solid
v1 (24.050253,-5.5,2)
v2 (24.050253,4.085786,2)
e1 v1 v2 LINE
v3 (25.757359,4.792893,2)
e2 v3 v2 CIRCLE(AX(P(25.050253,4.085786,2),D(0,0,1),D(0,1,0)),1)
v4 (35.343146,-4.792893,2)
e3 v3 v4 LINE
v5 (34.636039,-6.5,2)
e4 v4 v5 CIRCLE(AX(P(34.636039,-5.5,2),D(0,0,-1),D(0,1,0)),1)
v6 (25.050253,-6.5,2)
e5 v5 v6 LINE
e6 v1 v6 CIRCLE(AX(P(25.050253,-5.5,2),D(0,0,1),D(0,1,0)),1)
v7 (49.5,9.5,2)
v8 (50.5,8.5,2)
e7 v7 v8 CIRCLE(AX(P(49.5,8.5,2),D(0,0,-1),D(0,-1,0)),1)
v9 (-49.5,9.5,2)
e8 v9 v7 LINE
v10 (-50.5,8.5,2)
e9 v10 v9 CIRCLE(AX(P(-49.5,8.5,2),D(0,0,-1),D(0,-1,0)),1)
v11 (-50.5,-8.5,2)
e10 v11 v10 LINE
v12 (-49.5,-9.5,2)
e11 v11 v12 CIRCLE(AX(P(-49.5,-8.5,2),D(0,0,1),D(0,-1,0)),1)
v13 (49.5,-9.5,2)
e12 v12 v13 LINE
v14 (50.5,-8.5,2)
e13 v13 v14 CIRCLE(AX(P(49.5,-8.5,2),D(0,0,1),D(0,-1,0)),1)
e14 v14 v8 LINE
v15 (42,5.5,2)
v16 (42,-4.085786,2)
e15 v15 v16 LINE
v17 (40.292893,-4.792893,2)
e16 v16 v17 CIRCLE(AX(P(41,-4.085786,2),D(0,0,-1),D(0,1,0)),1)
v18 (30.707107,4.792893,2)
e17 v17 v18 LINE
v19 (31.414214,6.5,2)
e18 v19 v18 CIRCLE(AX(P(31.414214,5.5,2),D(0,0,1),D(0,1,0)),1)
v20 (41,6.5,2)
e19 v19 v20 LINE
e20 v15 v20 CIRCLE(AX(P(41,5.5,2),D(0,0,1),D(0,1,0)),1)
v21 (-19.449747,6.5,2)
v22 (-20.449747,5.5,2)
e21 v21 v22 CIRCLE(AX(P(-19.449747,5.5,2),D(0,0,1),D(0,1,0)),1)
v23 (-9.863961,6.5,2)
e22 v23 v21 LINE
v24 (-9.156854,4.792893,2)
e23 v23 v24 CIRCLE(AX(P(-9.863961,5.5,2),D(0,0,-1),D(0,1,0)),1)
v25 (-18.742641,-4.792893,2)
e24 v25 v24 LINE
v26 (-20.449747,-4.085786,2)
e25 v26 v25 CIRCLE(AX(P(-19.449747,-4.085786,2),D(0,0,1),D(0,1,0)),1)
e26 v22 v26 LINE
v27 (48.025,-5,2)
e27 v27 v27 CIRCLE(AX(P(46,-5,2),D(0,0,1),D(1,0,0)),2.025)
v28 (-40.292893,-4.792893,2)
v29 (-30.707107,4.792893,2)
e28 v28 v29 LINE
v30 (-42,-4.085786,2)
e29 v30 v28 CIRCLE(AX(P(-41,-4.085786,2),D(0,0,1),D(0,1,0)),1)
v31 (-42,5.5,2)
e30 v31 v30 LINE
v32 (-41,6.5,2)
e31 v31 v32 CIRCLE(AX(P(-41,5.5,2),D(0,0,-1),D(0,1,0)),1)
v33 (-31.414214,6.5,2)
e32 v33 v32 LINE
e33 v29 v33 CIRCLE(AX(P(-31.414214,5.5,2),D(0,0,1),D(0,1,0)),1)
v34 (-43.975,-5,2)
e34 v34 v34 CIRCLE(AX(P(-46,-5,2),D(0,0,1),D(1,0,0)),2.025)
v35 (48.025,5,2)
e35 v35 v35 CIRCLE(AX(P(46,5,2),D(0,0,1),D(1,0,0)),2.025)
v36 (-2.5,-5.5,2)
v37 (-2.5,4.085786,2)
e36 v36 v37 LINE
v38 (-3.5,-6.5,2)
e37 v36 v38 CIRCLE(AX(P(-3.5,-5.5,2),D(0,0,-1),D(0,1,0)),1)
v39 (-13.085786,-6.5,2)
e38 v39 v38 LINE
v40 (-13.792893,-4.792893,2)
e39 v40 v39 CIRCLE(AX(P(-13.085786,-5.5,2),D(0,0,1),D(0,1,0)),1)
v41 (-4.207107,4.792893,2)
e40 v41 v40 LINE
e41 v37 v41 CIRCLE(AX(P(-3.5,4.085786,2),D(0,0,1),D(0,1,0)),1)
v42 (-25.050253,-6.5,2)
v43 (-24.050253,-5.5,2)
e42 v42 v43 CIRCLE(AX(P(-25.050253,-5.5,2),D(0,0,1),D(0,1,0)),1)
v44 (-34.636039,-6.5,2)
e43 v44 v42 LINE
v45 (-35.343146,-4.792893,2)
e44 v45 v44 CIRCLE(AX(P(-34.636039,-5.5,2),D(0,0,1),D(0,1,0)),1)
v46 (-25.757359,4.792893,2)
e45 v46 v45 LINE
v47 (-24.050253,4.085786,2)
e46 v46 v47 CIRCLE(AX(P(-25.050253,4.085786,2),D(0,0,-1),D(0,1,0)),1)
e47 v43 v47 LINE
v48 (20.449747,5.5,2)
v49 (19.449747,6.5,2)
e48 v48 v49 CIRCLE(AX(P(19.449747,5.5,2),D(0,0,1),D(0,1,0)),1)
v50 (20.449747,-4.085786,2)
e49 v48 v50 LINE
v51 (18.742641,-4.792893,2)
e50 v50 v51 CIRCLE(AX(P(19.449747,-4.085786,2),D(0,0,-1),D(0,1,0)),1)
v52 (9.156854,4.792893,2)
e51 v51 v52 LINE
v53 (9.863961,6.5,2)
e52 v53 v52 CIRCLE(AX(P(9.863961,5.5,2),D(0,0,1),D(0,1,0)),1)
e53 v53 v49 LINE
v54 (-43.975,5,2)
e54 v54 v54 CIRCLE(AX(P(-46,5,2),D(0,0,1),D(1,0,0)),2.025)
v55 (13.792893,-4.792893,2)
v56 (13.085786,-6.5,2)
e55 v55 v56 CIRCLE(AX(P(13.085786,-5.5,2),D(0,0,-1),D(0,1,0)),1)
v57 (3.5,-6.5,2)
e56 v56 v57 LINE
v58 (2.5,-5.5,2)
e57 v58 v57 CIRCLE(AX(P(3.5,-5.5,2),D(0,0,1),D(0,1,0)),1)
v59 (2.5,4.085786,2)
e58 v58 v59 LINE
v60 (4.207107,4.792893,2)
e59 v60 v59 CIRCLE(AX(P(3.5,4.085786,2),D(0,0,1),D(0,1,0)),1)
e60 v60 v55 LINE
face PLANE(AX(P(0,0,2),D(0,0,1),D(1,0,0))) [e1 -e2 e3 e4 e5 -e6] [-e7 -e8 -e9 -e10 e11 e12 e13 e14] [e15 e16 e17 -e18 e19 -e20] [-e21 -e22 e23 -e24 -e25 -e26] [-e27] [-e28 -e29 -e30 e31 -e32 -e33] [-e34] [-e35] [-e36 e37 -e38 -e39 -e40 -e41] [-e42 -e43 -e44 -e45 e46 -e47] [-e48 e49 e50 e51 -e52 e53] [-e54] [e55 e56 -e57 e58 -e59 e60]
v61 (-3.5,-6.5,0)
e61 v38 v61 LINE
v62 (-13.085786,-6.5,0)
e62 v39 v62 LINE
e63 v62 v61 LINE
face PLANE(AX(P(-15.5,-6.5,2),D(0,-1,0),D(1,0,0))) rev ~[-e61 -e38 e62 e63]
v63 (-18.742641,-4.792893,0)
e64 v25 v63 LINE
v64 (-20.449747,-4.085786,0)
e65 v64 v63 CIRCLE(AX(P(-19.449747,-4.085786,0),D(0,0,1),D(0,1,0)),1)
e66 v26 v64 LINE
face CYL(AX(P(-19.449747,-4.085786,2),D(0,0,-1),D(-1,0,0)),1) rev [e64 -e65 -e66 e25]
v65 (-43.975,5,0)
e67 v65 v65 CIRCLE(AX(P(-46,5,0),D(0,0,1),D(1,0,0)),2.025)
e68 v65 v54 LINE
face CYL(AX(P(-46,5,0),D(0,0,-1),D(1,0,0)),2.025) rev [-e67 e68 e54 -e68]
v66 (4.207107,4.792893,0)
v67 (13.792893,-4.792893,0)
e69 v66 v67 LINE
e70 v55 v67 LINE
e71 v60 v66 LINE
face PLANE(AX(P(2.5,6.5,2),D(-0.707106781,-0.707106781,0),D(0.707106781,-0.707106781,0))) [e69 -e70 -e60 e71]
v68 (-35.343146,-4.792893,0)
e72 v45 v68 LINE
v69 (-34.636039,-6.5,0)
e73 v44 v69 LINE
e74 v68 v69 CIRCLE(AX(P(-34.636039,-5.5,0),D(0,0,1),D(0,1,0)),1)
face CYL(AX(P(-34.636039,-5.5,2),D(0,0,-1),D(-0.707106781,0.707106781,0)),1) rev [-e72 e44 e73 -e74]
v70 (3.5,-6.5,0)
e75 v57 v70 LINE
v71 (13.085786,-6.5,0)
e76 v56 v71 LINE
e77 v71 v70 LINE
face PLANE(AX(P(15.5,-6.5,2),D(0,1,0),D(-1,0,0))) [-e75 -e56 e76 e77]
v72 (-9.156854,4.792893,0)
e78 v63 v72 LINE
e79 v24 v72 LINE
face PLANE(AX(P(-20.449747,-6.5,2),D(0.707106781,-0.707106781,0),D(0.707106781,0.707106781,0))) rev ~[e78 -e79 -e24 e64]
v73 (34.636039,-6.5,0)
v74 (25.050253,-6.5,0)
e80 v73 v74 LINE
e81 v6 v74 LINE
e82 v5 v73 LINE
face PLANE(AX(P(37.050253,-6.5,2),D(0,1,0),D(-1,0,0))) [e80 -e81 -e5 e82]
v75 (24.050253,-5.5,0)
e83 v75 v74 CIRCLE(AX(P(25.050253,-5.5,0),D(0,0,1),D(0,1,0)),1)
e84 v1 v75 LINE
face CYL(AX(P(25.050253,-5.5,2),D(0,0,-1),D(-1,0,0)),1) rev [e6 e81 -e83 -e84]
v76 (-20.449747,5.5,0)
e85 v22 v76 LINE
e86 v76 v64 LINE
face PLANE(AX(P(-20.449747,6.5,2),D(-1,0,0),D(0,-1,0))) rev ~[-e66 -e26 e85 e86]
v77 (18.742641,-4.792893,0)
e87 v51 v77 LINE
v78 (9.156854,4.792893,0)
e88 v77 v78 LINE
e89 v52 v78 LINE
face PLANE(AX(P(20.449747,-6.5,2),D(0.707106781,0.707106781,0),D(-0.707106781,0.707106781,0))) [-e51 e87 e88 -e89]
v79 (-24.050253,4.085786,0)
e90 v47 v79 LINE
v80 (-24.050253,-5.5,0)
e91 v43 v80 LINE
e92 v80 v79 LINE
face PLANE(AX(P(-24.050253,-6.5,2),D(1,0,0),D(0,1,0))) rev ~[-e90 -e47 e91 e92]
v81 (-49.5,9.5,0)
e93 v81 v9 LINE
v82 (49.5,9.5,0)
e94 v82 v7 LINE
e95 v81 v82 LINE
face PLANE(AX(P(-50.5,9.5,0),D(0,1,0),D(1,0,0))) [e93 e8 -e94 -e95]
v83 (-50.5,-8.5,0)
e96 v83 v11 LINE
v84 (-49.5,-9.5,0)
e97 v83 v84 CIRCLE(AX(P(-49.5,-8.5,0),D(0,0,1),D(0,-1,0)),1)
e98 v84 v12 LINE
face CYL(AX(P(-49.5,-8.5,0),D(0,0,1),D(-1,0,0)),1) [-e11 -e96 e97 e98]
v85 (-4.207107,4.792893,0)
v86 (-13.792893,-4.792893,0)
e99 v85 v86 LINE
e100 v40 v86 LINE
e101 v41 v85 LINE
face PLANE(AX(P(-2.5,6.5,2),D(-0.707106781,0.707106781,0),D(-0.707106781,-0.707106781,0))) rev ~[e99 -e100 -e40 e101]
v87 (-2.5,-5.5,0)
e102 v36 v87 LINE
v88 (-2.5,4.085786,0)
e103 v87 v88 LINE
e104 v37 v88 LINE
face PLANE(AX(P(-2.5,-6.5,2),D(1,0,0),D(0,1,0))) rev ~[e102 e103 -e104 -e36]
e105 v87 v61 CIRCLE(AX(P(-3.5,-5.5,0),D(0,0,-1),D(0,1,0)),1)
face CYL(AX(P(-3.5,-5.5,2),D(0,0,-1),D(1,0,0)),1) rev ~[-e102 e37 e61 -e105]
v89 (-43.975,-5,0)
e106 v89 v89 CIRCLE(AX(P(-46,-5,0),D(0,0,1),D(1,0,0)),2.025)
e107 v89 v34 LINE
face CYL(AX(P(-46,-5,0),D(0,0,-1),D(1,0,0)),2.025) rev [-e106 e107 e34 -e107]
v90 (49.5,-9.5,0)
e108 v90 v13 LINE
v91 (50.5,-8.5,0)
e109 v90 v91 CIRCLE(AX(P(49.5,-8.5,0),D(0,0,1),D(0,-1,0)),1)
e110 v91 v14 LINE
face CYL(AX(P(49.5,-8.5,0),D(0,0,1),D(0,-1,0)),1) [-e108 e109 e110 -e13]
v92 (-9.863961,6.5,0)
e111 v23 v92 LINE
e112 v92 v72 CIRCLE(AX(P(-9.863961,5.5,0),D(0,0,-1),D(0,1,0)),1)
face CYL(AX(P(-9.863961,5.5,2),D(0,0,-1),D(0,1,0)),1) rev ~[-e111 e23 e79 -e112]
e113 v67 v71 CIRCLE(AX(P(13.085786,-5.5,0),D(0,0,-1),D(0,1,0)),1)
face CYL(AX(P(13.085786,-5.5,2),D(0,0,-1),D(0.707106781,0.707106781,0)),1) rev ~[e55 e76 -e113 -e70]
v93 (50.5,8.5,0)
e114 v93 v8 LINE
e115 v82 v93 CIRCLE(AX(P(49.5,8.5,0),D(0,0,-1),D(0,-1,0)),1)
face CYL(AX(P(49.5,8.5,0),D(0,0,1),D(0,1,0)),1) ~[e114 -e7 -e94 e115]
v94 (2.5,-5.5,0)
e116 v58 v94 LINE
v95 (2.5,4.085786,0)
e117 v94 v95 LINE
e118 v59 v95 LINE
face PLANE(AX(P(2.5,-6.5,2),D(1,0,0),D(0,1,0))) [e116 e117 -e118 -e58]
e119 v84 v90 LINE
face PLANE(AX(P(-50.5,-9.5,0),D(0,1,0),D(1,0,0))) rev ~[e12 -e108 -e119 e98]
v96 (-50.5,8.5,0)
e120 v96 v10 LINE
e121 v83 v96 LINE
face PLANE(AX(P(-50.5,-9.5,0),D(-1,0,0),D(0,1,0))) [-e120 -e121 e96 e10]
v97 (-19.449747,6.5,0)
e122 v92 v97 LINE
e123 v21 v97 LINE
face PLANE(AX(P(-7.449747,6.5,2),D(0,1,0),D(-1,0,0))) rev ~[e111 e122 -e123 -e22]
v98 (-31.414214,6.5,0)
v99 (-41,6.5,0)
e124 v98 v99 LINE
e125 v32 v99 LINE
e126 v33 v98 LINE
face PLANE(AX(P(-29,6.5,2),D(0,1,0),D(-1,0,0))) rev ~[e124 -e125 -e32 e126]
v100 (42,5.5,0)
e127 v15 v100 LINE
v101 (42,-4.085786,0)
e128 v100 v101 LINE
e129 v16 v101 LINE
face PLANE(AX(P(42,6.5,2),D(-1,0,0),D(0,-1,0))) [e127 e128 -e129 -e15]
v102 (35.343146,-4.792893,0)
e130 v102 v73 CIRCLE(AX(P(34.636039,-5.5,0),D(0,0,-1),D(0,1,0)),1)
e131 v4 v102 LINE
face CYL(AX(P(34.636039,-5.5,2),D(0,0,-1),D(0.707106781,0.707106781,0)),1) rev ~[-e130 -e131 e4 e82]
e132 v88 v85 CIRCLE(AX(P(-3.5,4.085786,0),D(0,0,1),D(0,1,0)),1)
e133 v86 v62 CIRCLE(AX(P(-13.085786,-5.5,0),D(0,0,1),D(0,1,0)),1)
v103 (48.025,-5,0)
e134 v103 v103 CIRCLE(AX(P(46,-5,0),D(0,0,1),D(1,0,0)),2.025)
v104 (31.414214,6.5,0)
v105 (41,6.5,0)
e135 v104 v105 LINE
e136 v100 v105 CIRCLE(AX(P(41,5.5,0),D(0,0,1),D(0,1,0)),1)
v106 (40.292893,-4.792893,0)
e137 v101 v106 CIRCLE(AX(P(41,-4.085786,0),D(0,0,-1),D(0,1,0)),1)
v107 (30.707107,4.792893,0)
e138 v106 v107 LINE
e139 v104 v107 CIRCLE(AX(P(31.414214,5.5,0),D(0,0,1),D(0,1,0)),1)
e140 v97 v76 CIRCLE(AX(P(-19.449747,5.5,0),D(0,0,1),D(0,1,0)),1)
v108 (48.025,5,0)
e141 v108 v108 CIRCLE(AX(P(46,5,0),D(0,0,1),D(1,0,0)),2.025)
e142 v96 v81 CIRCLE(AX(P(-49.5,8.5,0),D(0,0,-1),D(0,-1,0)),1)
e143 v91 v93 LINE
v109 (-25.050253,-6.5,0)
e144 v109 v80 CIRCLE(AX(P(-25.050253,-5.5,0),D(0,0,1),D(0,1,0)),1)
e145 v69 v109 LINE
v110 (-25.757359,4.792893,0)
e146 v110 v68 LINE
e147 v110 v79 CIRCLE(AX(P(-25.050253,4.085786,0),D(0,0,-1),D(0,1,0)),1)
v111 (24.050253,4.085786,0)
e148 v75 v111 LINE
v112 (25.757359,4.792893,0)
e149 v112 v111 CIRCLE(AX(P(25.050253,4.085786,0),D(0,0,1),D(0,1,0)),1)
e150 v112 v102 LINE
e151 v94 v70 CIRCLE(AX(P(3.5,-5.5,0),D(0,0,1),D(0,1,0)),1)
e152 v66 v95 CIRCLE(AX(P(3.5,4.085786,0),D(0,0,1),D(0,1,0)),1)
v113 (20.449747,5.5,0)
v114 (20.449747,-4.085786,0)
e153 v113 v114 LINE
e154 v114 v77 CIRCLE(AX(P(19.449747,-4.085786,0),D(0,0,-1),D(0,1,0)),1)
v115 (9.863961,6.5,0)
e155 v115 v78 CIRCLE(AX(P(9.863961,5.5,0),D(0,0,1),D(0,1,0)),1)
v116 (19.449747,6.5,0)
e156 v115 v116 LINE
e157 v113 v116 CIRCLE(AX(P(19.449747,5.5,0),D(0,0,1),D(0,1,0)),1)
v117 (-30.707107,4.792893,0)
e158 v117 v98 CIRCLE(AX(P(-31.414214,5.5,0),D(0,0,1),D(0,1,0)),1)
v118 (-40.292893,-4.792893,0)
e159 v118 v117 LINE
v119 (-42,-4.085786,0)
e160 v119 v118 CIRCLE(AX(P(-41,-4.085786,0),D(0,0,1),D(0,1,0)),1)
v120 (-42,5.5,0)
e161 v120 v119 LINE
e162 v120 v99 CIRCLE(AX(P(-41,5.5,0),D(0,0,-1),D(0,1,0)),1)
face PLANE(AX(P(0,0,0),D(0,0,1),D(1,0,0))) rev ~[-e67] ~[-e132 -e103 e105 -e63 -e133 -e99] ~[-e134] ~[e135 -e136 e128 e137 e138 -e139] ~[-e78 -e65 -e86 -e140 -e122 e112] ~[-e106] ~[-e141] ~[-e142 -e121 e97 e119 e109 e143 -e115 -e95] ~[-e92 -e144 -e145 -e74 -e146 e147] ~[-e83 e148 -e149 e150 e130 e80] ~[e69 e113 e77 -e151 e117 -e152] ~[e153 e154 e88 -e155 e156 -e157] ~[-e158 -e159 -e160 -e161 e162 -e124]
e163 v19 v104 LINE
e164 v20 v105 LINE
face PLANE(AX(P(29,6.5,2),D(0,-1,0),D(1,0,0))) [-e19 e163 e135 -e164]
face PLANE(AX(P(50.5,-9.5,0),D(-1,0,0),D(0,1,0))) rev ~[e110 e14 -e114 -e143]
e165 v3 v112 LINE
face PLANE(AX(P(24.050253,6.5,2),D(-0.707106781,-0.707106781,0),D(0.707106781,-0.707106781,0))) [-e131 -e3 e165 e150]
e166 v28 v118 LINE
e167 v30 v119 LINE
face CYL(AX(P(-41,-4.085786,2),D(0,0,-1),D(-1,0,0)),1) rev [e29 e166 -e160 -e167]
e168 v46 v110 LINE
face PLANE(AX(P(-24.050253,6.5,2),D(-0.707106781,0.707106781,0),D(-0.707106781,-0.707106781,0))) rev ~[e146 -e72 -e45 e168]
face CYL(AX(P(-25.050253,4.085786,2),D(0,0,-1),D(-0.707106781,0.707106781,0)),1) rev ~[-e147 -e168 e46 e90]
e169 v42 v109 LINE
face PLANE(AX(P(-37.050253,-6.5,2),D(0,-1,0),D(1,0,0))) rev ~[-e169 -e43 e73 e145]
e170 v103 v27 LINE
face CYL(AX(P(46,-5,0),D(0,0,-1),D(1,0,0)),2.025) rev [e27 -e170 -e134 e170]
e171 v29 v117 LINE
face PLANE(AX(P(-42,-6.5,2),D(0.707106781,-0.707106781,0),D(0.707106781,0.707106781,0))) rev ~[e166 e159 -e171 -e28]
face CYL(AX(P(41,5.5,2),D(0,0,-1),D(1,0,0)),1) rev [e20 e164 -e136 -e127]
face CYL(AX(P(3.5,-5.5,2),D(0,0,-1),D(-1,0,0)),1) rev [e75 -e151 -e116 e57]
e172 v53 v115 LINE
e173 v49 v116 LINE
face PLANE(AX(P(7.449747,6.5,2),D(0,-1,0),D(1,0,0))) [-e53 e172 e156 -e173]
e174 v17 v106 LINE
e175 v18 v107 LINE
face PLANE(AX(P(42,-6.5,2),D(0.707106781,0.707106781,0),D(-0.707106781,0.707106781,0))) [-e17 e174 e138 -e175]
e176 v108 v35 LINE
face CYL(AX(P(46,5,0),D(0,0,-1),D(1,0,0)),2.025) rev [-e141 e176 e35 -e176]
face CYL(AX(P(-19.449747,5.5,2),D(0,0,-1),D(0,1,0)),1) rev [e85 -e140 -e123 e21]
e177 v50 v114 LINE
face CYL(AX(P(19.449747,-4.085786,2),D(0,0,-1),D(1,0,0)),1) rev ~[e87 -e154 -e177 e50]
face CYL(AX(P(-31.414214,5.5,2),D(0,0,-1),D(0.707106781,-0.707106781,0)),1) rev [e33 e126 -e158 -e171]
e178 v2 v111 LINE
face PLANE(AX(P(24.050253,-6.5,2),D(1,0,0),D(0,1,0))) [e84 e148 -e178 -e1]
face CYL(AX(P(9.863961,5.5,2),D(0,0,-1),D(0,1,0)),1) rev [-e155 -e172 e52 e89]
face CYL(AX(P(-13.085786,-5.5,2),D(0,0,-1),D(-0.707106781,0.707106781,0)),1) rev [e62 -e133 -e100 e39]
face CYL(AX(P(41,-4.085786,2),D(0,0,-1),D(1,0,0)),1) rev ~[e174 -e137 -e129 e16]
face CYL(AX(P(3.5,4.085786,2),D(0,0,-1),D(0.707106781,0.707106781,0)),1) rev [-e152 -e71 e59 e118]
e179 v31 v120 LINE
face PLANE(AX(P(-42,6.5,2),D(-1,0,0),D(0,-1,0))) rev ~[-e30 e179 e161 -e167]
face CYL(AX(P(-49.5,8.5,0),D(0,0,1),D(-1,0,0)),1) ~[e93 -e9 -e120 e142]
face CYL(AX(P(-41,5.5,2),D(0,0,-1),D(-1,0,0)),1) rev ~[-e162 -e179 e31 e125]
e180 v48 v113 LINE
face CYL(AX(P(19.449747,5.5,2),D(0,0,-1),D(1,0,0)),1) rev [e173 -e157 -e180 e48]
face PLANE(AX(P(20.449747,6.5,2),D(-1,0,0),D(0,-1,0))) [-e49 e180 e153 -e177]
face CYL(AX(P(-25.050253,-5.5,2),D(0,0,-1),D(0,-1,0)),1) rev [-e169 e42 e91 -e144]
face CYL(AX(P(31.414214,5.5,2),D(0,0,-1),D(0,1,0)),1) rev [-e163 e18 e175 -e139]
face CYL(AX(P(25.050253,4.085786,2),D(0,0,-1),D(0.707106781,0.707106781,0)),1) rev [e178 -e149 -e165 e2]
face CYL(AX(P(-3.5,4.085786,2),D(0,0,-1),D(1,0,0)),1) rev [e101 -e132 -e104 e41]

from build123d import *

# Parameters (mm, degrees)
SKETCH_1_W          = 101
SKETCH_1_H          = 19
SKETCH_1_R          = 2.025
EXTRUDE_1_DEPTH     = 2
CUT_EXTRUDE_1_DEPTH = 2
FILLET_1_R          = 1
FILLET_2_R          = 1


with BuildPart() as part:
    # 草图1 → 凸台-拉伸1 (new body)
    with BuildSketch(Plane.XY):
        Rectangle(SKETCH_1_W, SKETCH_1_H)
        with Locations((-46, 5)):
            Circle(SKETCH_1_R, mode=Mode.SUBTRACT)
        with Locations((46, 5)):
            Circle(SKETCH_1_R, mode=Mode.SUBTRACT)
        with Locations((46, -5)):
            Circle(SKETCH_1_R, mode=Mode.SUBTRACT)
        with Locations((-46, -5)):
            Circle(SKETCH_1_R, mode=Mode.SUBTRACT)
    extrude(amount=EXTRUDE_1_DEPTH)

    # 草图2 → 切除-拉伸1 (cut)
    with BuildSketch(Plane.XY.offset(2)):
        Polygon((-42, 6.5), (-42, -6.5), (-29, 6.5), align=None)
        Polygon((-24.050252532, 6.5), (-37.050252532, -6.5), (-24.050252532, -6.5), align=None)
        Polygon((-2.5, -6.5), (-2.5, 6.5), (-15.5, -6.5), align=None)
        Polygon((-7.449747468, 6.5), (-20.449747468, 6.5), (-20.449747468, -6.5), align=None)
        Polygon((42, -6.5), (29, 6.5), (42, 6.5), align=None)
        Polygon((37.050252532, -6.5), (24.050252532, -6.5), (24.050252532, 6.5), align=None)
        Polygon((20.449747468, -6.5), (7.449747468, 6.5), (20.449747468, 6.5), align=None)
        Polygon((15.5, -6.5), (2.5, -6.5), (2.5, 6.5), align=None)
    extrude(amount=-CUT_EXTRUDE_1_DEPTH, mode=Mode.SUBTRACT)

    # 圆角1
    fillet_1_edges = [part.edges().sort_by_distance(p)[0] for p in [
        (-20.449747468, -6.5, 1),
        (-20.449747468, 6.5, 1),
        (-7.449747468, 6.5, 1),
        (-15.5, -6.5, 1),
        (-2.5, 6.5, 1),
        (-2.5, -6.5, 1),
        (42, 6.5, 1),
        (42, -6.5, 1),
        (29, 6.5, 1),
        (-24.050252532, 6.5, 1),
        (-24.050252532, -6.5, 1),
        (-37.050252532, -6.5, 1),
        (2.5, 6.5, 1),
        (15.5, -6.5, 1),
        (2.5, -6.5, 1),
        (20.449747468, 6.5, 1),
        (20.449747468, -6.5, 1),
        (7.449747468, 6.5, 1),
        (24.050252532, 6.5, 1),
        (37.050252532, -6.5, 1),
        (24.050252532, -6.5, 1),
        (-42, 6.5, 1),
        (-29, 6.5, 1),
        (-42, -6.5, 1),
    ]]
    fillet(fillet_1_edges, radius=FILLET_1_R)

    # 圆角2
    fillet_2_edges = [part.edges().sort_by_distance(p)[0] for p in [
        (-50.5, 9.5, 1),
        (50.5, 9.5, 1),
        (50.5, -9.5, 1),
        (-50.5, -9.5, 1),
    ]]
    fillet(fillet_2_edges, radius=FILLET_2_R)


solid = part.part
